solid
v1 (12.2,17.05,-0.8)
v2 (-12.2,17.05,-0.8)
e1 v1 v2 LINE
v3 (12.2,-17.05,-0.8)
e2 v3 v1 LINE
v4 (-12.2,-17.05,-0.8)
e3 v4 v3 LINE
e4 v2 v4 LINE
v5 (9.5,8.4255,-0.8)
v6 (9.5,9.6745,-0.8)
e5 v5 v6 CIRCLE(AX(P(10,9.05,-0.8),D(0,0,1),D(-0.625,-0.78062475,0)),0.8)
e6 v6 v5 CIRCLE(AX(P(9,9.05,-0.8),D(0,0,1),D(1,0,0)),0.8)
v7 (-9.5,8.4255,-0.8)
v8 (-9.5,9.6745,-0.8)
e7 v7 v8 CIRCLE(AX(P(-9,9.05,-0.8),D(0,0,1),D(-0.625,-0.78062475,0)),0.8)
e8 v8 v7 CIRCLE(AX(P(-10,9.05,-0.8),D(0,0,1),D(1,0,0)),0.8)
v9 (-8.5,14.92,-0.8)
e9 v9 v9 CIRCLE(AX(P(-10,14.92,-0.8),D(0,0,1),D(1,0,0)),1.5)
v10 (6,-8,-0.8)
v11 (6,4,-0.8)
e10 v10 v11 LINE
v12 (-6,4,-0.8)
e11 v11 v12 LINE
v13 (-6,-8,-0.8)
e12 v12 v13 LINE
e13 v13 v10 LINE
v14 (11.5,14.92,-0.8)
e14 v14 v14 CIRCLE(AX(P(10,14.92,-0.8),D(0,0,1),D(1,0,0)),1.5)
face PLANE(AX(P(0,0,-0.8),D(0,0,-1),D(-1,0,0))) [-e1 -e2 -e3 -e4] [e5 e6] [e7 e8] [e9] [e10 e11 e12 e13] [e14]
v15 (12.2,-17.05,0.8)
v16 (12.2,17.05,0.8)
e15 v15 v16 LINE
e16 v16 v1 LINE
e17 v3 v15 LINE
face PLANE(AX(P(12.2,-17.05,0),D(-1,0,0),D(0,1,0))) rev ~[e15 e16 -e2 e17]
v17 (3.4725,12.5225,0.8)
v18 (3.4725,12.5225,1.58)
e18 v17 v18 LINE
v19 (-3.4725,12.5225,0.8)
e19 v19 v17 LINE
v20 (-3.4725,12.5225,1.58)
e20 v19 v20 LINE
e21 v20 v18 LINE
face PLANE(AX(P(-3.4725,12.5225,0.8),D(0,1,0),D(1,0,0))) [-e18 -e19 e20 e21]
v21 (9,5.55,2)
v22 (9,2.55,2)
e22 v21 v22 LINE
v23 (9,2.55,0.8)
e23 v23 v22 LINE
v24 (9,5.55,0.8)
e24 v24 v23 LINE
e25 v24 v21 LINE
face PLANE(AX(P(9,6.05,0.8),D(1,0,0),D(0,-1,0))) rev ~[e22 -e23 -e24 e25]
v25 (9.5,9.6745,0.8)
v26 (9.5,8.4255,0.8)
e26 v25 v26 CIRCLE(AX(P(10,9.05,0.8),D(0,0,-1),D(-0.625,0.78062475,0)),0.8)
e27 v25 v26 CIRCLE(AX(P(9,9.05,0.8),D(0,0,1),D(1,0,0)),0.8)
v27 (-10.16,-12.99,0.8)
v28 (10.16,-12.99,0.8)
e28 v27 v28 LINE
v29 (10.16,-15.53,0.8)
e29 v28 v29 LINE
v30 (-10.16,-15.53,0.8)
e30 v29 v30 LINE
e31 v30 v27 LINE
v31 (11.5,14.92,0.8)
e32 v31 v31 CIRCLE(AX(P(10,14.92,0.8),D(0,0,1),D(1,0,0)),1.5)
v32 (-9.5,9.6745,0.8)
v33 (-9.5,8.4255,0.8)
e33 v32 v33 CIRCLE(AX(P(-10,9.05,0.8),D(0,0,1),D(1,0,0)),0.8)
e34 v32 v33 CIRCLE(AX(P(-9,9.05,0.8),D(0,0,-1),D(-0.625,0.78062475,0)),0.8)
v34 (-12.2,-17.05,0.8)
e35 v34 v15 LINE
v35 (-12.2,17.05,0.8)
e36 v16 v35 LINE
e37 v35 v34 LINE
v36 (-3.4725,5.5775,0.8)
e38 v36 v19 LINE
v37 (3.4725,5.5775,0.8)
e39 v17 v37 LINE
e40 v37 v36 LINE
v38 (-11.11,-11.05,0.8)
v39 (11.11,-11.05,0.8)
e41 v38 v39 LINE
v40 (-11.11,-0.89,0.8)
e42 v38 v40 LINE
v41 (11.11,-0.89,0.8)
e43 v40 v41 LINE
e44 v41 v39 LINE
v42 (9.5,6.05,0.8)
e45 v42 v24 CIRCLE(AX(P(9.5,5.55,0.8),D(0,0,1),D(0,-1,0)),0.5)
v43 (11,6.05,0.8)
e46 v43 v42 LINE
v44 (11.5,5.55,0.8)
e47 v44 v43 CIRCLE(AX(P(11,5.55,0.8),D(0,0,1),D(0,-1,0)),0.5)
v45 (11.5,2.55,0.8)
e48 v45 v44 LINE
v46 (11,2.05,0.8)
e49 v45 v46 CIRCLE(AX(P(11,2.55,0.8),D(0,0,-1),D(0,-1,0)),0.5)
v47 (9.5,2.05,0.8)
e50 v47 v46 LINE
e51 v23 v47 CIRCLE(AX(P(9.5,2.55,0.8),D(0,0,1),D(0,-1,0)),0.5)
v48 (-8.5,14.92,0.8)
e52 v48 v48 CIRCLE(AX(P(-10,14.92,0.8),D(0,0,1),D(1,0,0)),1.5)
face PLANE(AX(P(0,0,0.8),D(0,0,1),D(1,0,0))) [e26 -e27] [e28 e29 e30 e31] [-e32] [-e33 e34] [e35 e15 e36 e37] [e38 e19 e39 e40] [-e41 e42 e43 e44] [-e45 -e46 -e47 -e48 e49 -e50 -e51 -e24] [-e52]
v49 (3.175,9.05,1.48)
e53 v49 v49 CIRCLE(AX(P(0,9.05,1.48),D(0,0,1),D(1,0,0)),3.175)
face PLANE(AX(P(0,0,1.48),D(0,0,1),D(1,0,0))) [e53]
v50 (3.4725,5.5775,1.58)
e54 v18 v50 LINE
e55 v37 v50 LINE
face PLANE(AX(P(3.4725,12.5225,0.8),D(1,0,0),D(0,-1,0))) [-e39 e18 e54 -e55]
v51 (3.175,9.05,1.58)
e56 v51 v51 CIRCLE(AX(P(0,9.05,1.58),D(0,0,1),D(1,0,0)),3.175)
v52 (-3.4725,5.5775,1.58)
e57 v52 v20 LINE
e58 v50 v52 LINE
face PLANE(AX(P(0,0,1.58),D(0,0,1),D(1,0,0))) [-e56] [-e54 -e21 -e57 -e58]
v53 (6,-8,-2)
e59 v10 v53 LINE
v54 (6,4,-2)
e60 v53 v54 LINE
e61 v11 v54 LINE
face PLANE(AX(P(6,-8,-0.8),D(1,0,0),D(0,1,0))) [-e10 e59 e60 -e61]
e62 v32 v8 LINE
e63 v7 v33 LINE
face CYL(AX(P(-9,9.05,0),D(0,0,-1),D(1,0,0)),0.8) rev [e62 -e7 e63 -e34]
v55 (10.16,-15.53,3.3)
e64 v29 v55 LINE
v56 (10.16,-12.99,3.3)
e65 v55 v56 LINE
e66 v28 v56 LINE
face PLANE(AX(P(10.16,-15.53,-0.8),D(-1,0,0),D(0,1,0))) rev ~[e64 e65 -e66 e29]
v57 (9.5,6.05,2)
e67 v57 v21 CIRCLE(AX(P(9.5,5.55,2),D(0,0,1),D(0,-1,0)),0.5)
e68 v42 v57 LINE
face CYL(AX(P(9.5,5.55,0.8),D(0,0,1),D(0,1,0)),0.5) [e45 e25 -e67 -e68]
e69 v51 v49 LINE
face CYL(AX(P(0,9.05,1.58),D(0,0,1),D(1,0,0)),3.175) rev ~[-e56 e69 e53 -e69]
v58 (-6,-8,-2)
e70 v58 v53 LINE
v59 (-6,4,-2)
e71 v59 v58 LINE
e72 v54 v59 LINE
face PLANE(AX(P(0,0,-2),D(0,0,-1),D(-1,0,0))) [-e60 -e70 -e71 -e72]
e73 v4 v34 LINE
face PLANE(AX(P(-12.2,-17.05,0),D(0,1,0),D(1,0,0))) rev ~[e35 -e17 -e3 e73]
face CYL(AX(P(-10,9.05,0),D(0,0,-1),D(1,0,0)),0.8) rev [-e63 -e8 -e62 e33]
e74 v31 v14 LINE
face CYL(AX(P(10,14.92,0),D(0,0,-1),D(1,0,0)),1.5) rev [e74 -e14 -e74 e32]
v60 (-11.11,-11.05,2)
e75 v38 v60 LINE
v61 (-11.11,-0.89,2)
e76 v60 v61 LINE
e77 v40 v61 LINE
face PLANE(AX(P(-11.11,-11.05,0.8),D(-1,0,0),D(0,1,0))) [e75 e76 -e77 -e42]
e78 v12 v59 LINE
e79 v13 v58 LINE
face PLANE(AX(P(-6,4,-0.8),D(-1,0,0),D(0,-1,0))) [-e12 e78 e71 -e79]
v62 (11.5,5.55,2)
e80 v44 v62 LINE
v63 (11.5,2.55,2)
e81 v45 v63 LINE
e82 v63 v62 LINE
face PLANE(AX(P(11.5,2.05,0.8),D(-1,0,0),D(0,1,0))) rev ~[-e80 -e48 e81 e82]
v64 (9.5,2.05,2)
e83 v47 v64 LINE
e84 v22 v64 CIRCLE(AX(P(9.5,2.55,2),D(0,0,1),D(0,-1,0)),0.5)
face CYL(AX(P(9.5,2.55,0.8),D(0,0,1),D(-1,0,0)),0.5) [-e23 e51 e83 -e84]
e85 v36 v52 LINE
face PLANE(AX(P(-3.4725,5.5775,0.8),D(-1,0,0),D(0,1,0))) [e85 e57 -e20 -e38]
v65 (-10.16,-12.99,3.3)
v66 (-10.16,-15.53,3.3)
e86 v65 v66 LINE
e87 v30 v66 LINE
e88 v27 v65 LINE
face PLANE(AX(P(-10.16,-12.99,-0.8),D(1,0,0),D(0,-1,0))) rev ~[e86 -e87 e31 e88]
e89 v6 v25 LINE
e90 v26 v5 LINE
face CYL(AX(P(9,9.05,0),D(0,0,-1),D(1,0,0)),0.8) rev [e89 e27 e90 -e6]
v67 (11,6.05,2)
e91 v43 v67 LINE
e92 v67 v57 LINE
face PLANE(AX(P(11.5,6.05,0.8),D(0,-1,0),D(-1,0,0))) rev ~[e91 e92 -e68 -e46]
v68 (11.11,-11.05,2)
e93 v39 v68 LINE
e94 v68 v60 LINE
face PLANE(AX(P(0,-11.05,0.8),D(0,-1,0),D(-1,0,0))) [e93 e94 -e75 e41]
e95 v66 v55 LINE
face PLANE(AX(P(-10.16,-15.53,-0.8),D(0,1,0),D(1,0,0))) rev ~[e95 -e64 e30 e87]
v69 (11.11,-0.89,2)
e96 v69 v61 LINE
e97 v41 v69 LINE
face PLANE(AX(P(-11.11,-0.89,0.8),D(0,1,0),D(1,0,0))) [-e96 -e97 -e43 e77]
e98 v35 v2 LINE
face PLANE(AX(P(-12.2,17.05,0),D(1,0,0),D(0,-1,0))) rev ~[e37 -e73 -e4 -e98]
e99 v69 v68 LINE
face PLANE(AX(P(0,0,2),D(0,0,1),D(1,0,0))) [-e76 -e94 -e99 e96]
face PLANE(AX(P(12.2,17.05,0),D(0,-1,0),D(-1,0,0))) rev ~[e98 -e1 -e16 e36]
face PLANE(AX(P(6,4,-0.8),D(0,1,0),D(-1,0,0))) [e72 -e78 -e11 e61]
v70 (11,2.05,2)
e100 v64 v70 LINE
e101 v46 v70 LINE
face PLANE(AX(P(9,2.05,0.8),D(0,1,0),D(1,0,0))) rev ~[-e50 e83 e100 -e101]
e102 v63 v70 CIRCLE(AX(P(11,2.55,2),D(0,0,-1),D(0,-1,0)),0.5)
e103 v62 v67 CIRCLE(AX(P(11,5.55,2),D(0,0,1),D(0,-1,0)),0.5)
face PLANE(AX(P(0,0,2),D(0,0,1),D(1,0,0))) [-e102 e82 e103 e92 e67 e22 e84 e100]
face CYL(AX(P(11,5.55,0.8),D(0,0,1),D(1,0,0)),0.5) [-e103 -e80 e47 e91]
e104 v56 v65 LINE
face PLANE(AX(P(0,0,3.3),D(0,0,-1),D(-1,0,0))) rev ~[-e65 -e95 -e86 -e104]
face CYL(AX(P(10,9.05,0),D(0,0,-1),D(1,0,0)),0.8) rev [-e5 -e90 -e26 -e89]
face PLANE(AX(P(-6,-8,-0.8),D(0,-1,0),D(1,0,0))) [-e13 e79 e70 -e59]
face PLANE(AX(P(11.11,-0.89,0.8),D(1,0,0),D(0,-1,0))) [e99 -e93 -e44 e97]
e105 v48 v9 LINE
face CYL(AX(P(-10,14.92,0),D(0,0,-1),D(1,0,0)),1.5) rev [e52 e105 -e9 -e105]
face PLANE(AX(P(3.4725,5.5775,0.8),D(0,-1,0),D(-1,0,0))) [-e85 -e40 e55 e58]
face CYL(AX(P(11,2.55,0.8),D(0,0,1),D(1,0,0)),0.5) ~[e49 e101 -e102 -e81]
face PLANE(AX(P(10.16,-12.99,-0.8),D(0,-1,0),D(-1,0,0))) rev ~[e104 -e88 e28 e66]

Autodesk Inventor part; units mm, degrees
ref_plane "YZ Plane" through (0, 0, 0) normal (1, 0, 0) x (0, 1, 0)
ref_plane "XZ Plane" through (0, 0, 0) normal (0, 1, 0) x (-1, 0, 0)
ref_plane "XY Plane" through (0, 0, 0) normal (0, 0, 1) x (1, 0, 0)
sketch "Sketch1" plane through (0, 0, 0) normal (0, 0, 1) x (1, 0, 0)
  line L0 (-12.2, -17.05) -> (12.2, -17.05)
  line L1 (12.2, -17.05) -> (12.2, 17.05)
  line L2 (12.2, 17.05) -> (-12.2, 17.05)
  line L3 (-12.2, 17.05) -> (-12.2, -17.05)
  line L4 (-12.2, -17.05) -> (12.2, 17.05) construction
  line L5 (12.2, -17.05) -> (-12.2, 17.05) construction
  circle A0 centre (-10, 14.92) radius 1.5
  circle A1 centre (10, 14.92) radius 1.5
  line L6 (-10, 14.92) -> (10, 14.92) construction
  circle A2 centre (-9, 9.05) radius 0.8
  circle A3 centre (-10, 9.05) radius 0.8
  circle A4 centre (9, 9.05) radius 0.8
  circle A5 centre (10, 9.05) radius 0.8
  line L7 (-9, 9.05) -> (9, 9.05) construction
  line L8 (-10, 9.05) -> (10, 9.05) construction
  point P0 (0, 0)
  point P1 (0, 9.05)
  point P2 (0, 14.92)
  point P3 (0, 0)
  point P4 (0, 0)
  dimension "d0" = 24.4
  dimension "d1" = 34.1
  dimension "d2" = 2.13
  dimension "d3" = 3
  dimension "d4" = 10
  dimension "d13" = 20
  dimension "d14" = 18
  dimension "d15" = 1.6
  dimension "d16" = 8
extrude "Extrusion1" add sketch "Sketch1" along normal mid plane 1.6
sketch "Sketch2" plane through (0, 0, -0.8) normal (0, 0, -1) x (-1, 0, 0)
  circle A0 centre (-10, 14.92) radius 1.5 projected
  circle A1 centre (10, 14.92) radius 1.5 projected
  line L0 (-12.2, -17.05) -> (12.2, -17.05) projected
  line L1 (12.2, -17.05) -> (12.2, 17.05) projected
  line L2 (12.2, 17.05) -> (-12.2, 17.05) projected
  line L3 (-12.2, 17.05) -> (-12.2, -17.05) projected
  line L4 (-10.16, -12.99) -> (10.16, -12.99)
  line L5 (10.16, -12.99) -> (10.16, -15.53)
  line L6 (10.16, -15.53) -> (-10.16, -15.53)
  line L7 (-10.16, -15.53) -> (-10.16, -12.99)
  point P0 (0, 0)
  point P1 (0, -12.99)
  point P2 (-10.16, -14.26)
  dimension "d8" = 2.54
  dimension "d9" = 20.32
  dimension "d10" = 2.79
extrude "Extrusion2" add sketch "Sketch2" against normal blind 4.1 contours L4 L5 L6 L7
sketch "Sketch3" plane through (0, 0, 0.8) normal (0, 0, 1) x (1, 0, 0)
  circle A0 centre (10, 14.92) radius 1.5 projected
  circle A1 centre (-10, 14.92) radius 1.5 projected
  arc A2 (-9.5, 8.4255) -> (-9.5, 9.6745) centre (-9, 9.05) ccw projected
  arc A3 (-9.5, 9.6745) -> (-9.5, 8.4255) centre (-10, 9.05) ccw projected
  line L0 (-12.2, -17.05) -> (12.2, -17.05) projected
  line L1 (12.2, -17.05) -> (12.2, 17.05) projected
  line L2 (12.2, 17.05) -> (-12.2, 17.05) projected
  line L3 (-12.2, 17.05) -> (-12.2, -17.05) projected
  arc A4 (9.5, 9.6745) -> (9.5, 8.4255) centre (9, 9.05) ccw projected
  arc A5 (9.5, 8.4255) -> (9.5, 9.6745) centre (10, 9.05) ccw projected
  line L4 (-3.4725, 12.5225) -> (3.4725, 12.5225)
  line L5 (3.4725, 12.5225) -> (3.4725, 5.5775)
  line L6 (3.4725, 5.5775) -> (-3.4725, 5.5775)
  line L7 (-3.4725, 5.5775) -> (-3.4725, 12.5225)
  point P0 (0, 0)
  point P1 (3.4725, 9.05)
  point P2 (0, 12.5225)
  dimension "d17" = 6.945
extrude "Extrusion3" add sketch "Sketch3" along normal blind 0.78 contours L4 L5 L6 L7
sketch "Sketch4" plane through (0, 0, 1.58) normal (0, 0, 1) x (1, 0, 0)
  line L0 (3.4725, 12.5225) -> (-3.4725, 12.5225) projected
  line L1 (-3.4725, 12.5225) -> (-3.4725, 5.5775) projected
  line L2 (-3.4725, 5.5775) -> (3.4725, 5.5775) projected
  line L3 (3.4725, 5.5775) -> (3.4725, 12.5225) projected
  circle A0 centre (0, 9.05) radius 3.175
  point P0 (0, 0)
  point P1 (0, 12.5225)
  point P2 (-3.4725, 9.05)
  dimension "d20" = 6.35
extrude "Extrusion4" cut sketch "Sketch4" against normal blind 0.1 contours A0
sketch "Sketch5" plane through (0, 0, 0.8) normal (0, 0, 1) x (1, 0, 0)
  line L0 (3.4725, 12.5225) -> (3.4725, 5.5775) projected
  line L1 (3.4725, 5.5775) -> (-3.4725, 5.5775) projected
  line L2 (-3.4725, 5.5775) -> (-3.4725, 12.5225) projected
  line L3 (-3.4725, 12.5225) -> (3.4725, 12.5225) projected
  line L4 (10.16, -12.99) -> (10.16, -15.53) projected
  line L5 (10.16, -15.53) -> (-10.16, -15.53) projected
  line L6 (-10.16, -15.53) -> (-10.16, -12.99) projected
  line L7 (-10.16, -12.99) -> (10.16, -12.99) projected
  circle A0 centre (10, 14.92) radius 1.5 projected
  circle A1 centre (-10, 14.92) radius 1.5 projected
  arc A2 (-9.5, 8.4255) -> (-9.5, 9.6745) centre (-9, 9.05) ccw projected
  arc A3 (-9.5, 9.6745) -> (-9.5, 8.4255) centre (-10, 9.05) ccw projected
  line L8 (-12.2, -17.05) -> (12.2, -17.05) projected
  line L9 (12.2, -17.05) -> (12.2, 17.05) projected
  line L10 (12.2, 17.05) -> (-12.2, 17.05) projected
  line L11 (-12.2, 17.05) -> (-12.2, -17.05) projected
  arc A4 (9.5, 9.6745) -> (9.5, 8.4255) centre (9, 9.05) ccw projected
  arc A5 (9.5, 8.4255) -> (9.5, 9.6745) centre (10, 9.05) ccw projected
  line L12 (-11.11, -0.89) -> (11.11, -0.89)
  line L13 (11.11, -0.89) -> (11.11, -11.05)
  line L14 (11.11, -11.05) -> (-11.11, -11.05)
  line L15 (-11.11, -11.05) -> (-11.11, -0.89)
  circle A6 centre (0, 9.05) radius 3.175 projected
  line L16 (0, 1.05) -> (0, -12.99)
  point P0 (0, 0)
  point P1 (0, -0.89)
  point P2 (-11.11, -5.97)
  point P3 (0, -5.97)
  dimension "d24" = 22.22
  dimension "d25" = 10.16
  dimension "d26" = 8
extrude "Extrusion5" add sketch "Sketch5" along normal blind 1.2 contours L14 L15 L12 L16 | L16 L12 L13 L14
sketch "Sketch6" plane through (0, 0, 0.8) normal (0, 0, 1) x (1, 0, 0)
  line L0 (11.11, -0.89) -> (11.11, -11.05) projected
  line L1 (11.11, -11.05) -> (-11.11, -11.05) projected
  line L2 (-11.11, -11.05) -> (-11.11, -0.89) projected
  line L3 (-11.11, -0.89) -> (11.11, -0.89) projected
  line L4 (3.4725, 12.5225) -> (3.4725, 5.5775) projected
  line L5 (3.4725, 5.5775) -> (-3.4725, 5.5775) projected
  line L6 (-3.4725, 5.5775) -> (-3.4725, 12.5225) projected
  line L7 (-3.4725, 12.5225) -> (3.4725, 12.5225) projected
  line L8 (10.16, -12.99) -> (10.16, -15.53) projected
  line L9 (10.16, -15.53) -> (-10.16, -15.53) projected
  line L10 (-10.16, -15.53) -> (-10.16, -12.99) projected
  line L11 (-10.16, -12.99) -> (10.16, -12.99) projected
  circle A0 centre (10, 14.92) radius 1.5 projected
  circle A1 centre (-10, 14.92) radius 1.5 projected
  arc A2 (-9.5, 8.4255) -> (-9.5, 9.6745) centre (-9, 9.05) ccw projected
  arc A3 (-9.5, 9.6745) -> (-9.5, 8.4255) centre (-10, 9.05) ccw projected
  line L12 (-12.2, -17.05) -> (12.2, -17.05) projected
  line L13 (12.2, -17.05) -> (12.2, 17.05) projected
  line L14 (12.2, 17.05) -> (-12.2, 17.05) projected
  line L15 (-12.2, 17.05) -> (-12.2, -17.05) projected
  arc A4 (9.5, 9.6745) -> (9.5, 8.4255) centre (9, 9.05) ccw projected
  arc A5 (9.5, 8.4255) -> (9.5, 9.6745) centre (10, 9.05) ccw projected
  line L16 (11.5, 6.05) -> (9, 6.05)
  line L17 (9, 6.05) -> (9, 2.05)
  line L18 (9, 2.05) -> (11.5, 2.05)
  line L19 (11.5, 2.05) -> (11.5, 6.05)
  line L20 (12.2, 17.05) -> (-12.2, 17.05) construction
  line L21 (-8, 1.05) -> (8, 1.05) construction
  line L22 (8, 1.05) -> (8, 17.05) construction
  line L23 (8, 17.05) -> (-8, 17.05) construction
  line L24 (-8, 17.05) -> (-8, 1.05) construction
  line L25 (-8, 1.05) -> (8, 17.05) construction
  line L26 (8, 1.05) -> (-8, 17.05) construction
  circle A6 centre (0, 9.05) radius 3.175 construction
  point P0 (0, 0)
  dimension "d29" = 2.5
  dimension "d30" = 4
  dimension "d31" = 3
  dimension "d32" = 9
extrude "Extrusion6" add sketch "Sketch6" along normal blind 1.2 contours L19 L18 L17 L16
sketch "Sketch7" plane through (0, 0, -0.8) normal (0, 0, -1) x (-1, 0, 0)
  line L0 (6, -8) -> (-6, -8)
  line L1 (-6, -8) -> (-6, 4)
  line L2 (-6, 4) -> (6, 4)
  line L3 (6, 4) -> (6, -8)
  line L4 (6, -8) -> (-6, 4) construction
  line L5 (-6, -8) -> (6, 4) construction
  point P0 (0, 0)
  point P1 (0, -2)
  point P2 (0, -2)
  dimension "d35" = 12
  dimension "d36" = 2
extrude "Extrusion7" add sketch "Sketch7" along normal blind 1.2
fillet "Fillet1" radius 0.5 4 edges at (9, 2.05, 1.4) (9, 6.05, 1.4) (11.5, 6.05, 1.4) (11.5, 2.05, 1.4)
equation "\"d9\" = 8 * d8"
properties part number "Module_ArducamMini-Rev" material "Epoxy Resin"
